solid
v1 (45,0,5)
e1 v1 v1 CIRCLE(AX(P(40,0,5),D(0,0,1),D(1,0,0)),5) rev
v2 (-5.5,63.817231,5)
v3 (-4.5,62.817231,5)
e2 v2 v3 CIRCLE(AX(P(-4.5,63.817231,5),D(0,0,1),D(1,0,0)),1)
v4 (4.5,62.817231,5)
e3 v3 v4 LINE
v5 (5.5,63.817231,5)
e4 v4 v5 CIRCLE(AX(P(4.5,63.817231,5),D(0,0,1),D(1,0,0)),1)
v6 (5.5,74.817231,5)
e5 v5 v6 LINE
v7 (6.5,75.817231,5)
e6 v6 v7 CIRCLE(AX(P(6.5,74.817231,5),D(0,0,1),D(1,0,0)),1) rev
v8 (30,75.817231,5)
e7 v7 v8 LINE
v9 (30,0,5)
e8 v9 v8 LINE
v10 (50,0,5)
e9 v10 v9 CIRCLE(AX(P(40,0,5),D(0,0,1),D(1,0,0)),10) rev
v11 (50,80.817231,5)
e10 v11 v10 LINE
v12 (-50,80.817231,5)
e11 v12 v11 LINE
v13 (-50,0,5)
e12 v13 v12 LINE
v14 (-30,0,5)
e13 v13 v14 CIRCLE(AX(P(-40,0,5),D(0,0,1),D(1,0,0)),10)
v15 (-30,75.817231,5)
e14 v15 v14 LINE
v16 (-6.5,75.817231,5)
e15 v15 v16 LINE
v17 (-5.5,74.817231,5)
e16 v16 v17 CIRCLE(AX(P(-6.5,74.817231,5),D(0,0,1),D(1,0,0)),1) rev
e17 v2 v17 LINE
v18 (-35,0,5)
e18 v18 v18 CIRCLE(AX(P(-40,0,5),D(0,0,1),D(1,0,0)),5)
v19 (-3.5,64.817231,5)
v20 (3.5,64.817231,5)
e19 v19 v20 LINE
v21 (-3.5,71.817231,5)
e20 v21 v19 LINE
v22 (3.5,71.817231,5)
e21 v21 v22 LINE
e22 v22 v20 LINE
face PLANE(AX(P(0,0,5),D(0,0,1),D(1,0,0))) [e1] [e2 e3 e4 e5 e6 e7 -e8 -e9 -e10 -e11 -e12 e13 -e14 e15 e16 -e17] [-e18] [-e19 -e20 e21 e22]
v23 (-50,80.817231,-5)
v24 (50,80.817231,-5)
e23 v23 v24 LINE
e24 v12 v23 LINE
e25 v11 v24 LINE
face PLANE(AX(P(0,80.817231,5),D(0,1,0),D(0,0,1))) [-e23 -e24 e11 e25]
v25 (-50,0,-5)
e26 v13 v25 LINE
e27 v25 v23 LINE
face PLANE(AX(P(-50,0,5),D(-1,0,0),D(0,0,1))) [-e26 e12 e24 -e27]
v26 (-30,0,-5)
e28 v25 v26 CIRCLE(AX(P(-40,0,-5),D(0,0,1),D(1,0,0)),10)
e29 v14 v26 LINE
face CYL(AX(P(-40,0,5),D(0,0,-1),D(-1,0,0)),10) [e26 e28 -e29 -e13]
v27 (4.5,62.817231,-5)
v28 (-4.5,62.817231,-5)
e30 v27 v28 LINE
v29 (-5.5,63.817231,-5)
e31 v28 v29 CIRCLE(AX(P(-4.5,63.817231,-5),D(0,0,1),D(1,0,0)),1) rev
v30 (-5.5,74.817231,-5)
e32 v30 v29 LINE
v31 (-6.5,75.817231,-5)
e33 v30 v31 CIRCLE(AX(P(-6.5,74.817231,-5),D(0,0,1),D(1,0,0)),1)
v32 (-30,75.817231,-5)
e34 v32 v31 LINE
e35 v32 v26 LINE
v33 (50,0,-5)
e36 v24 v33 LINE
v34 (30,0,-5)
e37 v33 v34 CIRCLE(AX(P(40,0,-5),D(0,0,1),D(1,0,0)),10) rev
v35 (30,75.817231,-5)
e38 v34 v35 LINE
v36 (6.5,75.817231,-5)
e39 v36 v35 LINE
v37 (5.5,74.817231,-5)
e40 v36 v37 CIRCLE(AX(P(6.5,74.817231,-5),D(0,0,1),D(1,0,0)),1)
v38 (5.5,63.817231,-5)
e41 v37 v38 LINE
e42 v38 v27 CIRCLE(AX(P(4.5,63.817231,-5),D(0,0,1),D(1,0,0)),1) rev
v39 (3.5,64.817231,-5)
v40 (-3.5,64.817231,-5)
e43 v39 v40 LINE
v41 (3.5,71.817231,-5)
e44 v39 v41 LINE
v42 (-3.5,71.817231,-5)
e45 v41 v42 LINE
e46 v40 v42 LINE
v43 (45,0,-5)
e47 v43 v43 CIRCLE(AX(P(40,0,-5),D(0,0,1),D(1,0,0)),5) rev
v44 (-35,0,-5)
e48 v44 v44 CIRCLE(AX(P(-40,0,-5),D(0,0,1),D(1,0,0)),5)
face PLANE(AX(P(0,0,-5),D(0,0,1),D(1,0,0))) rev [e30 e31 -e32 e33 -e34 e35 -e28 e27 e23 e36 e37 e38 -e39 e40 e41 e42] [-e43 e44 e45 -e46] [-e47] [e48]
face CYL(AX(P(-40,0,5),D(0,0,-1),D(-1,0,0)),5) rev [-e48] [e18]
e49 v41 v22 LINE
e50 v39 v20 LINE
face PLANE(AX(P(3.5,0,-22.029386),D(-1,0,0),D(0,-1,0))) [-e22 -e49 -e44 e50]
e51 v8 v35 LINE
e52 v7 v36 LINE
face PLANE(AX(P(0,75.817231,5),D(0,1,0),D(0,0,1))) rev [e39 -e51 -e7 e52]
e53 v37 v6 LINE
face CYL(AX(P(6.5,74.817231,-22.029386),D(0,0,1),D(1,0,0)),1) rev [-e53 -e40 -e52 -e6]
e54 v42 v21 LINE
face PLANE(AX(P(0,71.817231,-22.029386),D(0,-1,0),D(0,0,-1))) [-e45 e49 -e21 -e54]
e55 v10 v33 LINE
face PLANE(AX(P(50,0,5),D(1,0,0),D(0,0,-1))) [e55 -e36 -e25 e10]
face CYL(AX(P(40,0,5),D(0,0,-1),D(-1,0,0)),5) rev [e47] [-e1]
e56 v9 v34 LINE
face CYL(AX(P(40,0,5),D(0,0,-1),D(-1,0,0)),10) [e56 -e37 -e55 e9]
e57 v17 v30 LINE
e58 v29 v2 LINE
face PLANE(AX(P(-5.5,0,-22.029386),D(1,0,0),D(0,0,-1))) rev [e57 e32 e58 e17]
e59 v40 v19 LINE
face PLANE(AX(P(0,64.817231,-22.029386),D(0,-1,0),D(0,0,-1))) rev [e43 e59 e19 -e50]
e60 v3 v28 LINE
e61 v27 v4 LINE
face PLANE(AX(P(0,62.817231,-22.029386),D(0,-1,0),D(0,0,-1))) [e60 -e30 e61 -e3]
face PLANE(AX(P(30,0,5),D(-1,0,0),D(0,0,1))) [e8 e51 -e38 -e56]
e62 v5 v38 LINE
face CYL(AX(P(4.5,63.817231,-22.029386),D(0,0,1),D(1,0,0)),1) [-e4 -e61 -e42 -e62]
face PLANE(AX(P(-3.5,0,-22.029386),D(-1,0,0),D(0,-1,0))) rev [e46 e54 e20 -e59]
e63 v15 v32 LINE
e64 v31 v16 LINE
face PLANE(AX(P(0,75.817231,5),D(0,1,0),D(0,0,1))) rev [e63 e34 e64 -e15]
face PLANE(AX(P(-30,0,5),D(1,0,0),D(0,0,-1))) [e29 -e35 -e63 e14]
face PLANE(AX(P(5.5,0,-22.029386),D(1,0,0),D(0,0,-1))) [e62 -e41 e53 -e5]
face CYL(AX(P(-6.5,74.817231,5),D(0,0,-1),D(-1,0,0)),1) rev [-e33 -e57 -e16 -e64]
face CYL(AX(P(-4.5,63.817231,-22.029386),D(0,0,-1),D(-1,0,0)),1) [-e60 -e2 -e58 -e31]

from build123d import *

# Parameters (mm, degrees)
SKETCH1_W           = 60
SKETCH1_H           = 5
SKETCH1_R           = 10
SKETCH1_R_2         = 5
BOSS_EXTRUDE1_DEPTH = 5
SKETCH2_W           = 11
SKETCH2_H           = 13
SKETCH2_W_2         = 7
SKETCH2_H_2         = 7
BOSS_EXTRUDE2_DEPTH = 10
FILLET1_R           = 1


with BuildPart() as part:
    # Sketch1 → Boss-Extrude1 (new body, symmetric)
    with BuildSketch(Plane.XY):
        with BuildLine():
            Line((-50, 80.817230765), (-50, 0))
            ThreePointArc((-50, 0), (-40, 10), (-30, 0))
            Line((-30, 0), (-30, 75.817230765))
            Line((-30, 75.817230765), (-30, 80.817230765))
            Line((-30, 80.817230765), (-50, 80.817230765))
        make_face()
        with Locations((0, 78.317230765)):
            Rectangle(SKETCH1_W, SKETCH1_H)
        with BuildLine():
            Line((50, 80.817230765), (30, 80.817230765))
            Line((30, 80.817230765), (30, 75.817230765))
            Line((30, 75.817230765), (30, 0))
            ThreePointArc((30, 0), (40, 10), (50, 0))
            Line((50, 0), (50, 80.817230765))
        make_face()
        with Locations((-40, 0)):
            Circle(SKETCH1_R)
        with Locations((-40, 0)):
            Circle(SKETCH1_R_2, mode=Mode.SUBTRACT)
        with Locations((40, 0)):
            Circle(SKETCH1_R)
        with Locations((40, 0)):
            Circle(SKETCH1_R_2, mode=Mode.SUBTRACT)
    extrude(amount=BOSS_EXTRUDE1_DEPTH, both=True)

    # Sketch2 → Boss-Extrude2 (add)
    with BuildSketch(Plane.XY.offset(5)):
        with Locations((0, 69.317230765)):
            Rectangle(SKETCH2_W, SKETCH2_H)
        with Locations((0, 68.317230765)):
            Rectangle(SKETCH2_W_2, SKETCH2_H_2, mode=Mode.SUBTRACT)
    extrude(amount=-BOSS_EXTRUDE2_DEPTH)

    # Fillet1
    fillet1_edges = [part.edges().sort_by_distance(p)[0] for p in [
        (5.5, 62.817230765, 0),
        (-5.5, 62.817230765, 0),
        (-5.5, 75.817230765, 0),
        (5.5, 75.817230765, 0),
    ]]
    fillet(fillet1_edges, radius=FILLET1_R)


solid = part.part
